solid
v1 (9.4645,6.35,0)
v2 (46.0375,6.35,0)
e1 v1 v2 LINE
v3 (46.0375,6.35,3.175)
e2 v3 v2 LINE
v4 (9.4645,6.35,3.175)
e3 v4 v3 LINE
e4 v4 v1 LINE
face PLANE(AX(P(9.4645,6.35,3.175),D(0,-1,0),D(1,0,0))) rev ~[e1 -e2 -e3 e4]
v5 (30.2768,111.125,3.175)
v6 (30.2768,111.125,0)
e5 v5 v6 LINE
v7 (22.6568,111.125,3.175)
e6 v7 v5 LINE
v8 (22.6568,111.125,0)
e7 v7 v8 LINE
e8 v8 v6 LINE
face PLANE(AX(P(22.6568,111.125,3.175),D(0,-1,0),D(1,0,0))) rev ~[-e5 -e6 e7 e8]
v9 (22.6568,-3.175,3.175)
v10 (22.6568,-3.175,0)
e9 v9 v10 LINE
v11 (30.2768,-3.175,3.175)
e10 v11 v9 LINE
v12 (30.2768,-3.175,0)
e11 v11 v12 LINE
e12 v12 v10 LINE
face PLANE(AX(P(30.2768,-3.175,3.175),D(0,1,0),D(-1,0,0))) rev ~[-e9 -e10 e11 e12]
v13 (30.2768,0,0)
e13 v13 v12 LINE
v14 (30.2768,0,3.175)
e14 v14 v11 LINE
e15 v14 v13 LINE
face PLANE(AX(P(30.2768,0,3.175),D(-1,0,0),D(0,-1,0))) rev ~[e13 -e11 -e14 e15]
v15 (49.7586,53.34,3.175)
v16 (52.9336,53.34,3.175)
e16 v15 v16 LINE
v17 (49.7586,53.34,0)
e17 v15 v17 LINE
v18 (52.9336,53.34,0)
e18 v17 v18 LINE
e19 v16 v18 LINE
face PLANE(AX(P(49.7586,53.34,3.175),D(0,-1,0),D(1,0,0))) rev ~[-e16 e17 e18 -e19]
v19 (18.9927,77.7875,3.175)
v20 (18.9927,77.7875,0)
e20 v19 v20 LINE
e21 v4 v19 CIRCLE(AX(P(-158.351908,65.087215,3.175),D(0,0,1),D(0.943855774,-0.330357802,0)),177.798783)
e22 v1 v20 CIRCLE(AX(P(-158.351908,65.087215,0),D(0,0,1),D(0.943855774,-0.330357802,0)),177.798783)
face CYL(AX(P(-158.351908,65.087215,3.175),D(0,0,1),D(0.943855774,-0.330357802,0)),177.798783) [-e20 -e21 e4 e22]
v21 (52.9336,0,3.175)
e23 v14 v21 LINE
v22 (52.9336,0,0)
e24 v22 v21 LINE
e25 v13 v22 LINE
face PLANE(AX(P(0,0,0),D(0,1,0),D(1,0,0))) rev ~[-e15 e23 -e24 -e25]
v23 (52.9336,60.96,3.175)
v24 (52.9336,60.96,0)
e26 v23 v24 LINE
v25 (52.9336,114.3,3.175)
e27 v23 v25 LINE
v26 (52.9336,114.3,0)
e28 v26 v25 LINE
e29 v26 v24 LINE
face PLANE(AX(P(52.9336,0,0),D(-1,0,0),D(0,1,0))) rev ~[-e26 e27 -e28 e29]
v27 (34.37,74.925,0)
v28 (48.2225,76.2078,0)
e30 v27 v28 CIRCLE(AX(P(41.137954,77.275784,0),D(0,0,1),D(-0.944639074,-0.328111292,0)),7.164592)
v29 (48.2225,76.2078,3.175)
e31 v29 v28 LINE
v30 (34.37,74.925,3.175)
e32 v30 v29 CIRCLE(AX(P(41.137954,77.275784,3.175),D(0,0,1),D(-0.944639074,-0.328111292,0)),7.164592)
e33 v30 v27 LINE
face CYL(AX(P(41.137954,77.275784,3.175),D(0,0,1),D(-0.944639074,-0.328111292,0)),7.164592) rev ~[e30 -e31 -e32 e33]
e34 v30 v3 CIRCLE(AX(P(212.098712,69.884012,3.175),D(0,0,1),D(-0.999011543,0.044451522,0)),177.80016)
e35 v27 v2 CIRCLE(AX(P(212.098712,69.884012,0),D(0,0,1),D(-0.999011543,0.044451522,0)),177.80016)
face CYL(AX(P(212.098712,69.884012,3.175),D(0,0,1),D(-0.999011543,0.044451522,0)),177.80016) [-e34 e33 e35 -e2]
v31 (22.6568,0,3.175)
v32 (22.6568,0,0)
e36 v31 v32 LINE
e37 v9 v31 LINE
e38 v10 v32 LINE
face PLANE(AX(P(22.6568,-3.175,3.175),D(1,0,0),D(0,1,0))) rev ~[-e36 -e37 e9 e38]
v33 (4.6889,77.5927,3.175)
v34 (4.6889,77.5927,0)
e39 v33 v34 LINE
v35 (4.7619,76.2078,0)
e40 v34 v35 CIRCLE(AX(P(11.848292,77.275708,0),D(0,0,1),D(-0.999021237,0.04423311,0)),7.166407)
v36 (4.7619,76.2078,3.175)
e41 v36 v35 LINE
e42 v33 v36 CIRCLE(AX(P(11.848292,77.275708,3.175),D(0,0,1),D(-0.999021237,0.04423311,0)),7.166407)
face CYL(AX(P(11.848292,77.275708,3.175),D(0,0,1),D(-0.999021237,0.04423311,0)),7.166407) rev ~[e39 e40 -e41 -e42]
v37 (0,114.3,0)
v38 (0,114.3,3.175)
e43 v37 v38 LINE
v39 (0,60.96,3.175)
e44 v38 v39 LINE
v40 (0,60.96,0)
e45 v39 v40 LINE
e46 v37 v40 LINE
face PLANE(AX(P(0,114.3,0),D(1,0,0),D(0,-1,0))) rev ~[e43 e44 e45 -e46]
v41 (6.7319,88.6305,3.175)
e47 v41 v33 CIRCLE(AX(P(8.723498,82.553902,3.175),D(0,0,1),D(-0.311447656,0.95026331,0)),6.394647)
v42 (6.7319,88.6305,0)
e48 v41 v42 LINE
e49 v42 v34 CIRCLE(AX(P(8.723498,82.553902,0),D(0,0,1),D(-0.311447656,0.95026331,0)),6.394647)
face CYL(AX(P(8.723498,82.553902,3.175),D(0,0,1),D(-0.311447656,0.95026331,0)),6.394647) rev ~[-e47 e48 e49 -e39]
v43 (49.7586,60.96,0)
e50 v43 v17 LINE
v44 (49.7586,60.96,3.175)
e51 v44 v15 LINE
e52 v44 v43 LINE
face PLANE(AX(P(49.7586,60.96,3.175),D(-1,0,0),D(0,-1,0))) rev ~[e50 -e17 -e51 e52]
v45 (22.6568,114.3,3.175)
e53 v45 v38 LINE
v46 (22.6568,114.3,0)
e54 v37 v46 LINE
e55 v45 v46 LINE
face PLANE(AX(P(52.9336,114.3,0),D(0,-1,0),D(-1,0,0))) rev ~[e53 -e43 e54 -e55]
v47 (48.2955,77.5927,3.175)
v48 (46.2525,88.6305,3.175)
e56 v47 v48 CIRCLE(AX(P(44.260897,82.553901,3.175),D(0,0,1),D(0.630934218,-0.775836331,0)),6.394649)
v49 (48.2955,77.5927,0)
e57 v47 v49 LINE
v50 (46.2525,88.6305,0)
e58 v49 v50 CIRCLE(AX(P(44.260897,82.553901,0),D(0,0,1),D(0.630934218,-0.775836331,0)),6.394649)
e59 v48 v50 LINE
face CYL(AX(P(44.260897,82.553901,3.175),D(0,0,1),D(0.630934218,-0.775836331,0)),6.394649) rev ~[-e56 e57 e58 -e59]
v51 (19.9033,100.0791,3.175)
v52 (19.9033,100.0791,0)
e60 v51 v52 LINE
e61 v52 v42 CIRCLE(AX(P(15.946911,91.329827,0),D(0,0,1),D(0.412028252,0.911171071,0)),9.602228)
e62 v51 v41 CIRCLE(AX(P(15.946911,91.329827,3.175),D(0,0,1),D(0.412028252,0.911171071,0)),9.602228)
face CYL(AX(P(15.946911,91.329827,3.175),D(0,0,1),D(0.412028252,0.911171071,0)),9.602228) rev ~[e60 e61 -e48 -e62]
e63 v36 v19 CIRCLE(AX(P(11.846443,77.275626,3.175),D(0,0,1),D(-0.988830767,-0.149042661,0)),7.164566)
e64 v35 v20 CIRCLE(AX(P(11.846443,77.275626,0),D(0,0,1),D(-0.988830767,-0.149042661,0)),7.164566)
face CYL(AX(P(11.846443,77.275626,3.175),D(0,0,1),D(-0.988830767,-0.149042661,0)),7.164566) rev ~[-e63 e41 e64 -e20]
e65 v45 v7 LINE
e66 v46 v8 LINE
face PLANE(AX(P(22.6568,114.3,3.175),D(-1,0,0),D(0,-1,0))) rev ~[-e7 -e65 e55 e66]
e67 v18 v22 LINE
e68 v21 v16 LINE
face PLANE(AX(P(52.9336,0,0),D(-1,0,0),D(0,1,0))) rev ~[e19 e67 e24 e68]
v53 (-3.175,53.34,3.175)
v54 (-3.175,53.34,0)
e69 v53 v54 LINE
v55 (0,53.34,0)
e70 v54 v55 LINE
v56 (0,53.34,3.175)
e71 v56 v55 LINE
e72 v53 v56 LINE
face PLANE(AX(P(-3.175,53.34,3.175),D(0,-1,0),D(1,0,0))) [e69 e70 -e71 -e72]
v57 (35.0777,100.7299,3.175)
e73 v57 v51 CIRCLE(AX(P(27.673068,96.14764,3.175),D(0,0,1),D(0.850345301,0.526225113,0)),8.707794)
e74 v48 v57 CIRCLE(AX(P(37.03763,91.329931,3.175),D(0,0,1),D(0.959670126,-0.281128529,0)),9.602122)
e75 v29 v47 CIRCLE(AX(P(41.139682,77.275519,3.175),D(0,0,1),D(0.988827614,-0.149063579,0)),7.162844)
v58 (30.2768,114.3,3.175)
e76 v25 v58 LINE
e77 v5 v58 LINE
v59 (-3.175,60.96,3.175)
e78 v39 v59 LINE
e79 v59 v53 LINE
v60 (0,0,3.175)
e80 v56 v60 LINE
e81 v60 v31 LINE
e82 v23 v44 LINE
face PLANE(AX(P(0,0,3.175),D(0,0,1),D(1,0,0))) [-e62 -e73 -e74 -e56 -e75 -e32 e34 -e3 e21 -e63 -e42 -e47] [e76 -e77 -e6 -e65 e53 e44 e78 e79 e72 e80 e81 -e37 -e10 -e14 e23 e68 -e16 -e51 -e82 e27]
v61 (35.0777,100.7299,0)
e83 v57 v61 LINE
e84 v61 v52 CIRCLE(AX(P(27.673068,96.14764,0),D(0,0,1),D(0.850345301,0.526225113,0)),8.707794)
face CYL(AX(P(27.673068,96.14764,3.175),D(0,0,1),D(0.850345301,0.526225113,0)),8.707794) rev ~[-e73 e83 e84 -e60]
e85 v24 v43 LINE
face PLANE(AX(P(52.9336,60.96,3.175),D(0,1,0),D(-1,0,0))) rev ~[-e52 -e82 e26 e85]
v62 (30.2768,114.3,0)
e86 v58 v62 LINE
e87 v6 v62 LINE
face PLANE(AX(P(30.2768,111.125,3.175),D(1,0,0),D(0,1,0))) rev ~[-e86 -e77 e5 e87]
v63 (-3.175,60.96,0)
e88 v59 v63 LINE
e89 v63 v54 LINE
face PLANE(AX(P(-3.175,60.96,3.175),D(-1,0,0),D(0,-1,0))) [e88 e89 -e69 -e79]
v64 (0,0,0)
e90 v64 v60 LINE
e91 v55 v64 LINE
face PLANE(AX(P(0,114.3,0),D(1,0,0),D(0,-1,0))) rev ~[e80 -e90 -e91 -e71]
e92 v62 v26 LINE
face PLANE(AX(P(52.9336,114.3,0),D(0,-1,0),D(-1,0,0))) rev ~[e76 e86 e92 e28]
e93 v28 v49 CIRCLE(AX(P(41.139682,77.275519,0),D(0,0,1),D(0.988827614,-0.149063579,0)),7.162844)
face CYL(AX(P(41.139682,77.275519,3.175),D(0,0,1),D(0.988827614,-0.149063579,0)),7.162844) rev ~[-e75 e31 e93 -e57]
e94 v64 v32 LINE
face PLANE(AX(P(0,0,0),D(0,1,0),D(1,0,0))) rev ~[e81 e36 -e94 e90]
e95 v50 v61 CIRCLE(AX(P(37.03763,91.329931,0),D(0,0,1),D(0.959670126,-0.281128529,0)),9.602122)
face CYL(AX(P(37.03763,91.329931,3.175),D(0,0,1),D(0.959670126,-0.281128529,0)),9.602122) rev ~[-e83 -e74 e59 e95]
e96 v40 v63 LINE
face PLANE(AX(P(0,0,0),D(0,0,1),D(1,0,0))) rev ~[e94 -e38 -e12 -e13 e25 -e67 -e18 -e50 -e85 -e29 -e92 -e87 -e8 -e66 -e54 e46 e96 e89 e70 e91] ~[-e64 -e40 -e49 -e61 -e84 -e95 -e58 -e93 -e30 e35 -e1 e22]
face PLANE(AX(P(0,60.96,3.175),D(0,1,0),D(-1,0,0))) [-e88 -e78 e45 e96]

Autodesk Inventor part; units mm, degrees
ref_plane "YZ Plane" through (0, 0, 0) normal (1, 0, 0) x (0, 1, 0)
ref_plane "XZ Plane" through (0, 0, 0) normal (0, 1, 0) x (-1, 0, 0)
ref_plane "XY Plane" through (0, 0, 0) normal (0, 0, 1) x (1, 0, 0)
sketch "Sketch1" plane through (0, 0, 0) normal (0, 0, 1) x (1, 0, 0)
  line L0 (0, 0) -> (52.9336, 0)
  line L1 (52.9336, 0) -> (52.9336, 114.3)
  line L2 (52.9336, 114.3) -> (0, 114.3)
  line L3 (0, 114.3) -> (0, 0)
  dimension "d0" = 114.3
  dimension "d1" = 52.9336
extrude "Extrusion1" add sketch "Sketch1" along normal blind 3.175
sketch "Sketch2" plane through (0, 0, 3.175) normal (0, 0, 1) x (1, 0, 0)
  line L0 (0, 114.3) -> (0, 0) projected
  line L1 (52.9336, 0) -> (52.9336, 114.3) projected
  line L2 (0, 60.96) -> (-3.175, 60.96)
  line L3 (-3.175, 60.96) -> (-3.175, 53.34)
  line L4 (-3.175, 53.34) -> (0, 53.34)
  line L5 (0, 53.34) -> (0, 60.96)
  line L6 (52.9336, 60.96) -> (49.7586, 60.96)
  line L7 (49.7586, 60.96) -> (49.7586, 53.34)
  line L8 (49.7586, 53.34) -> (52.9336, 53.34)
  line L9 (52.9336, 53.34) -> (52.9336, 60.96)
  line L10 (52.9336, 114.3) -> (0, 114.3) projected
  line L11 (0, 0) -> (52.9336, 0) projected
  line L12 (30.2768, 114.3) -> (22.6568, 114.3)
  line L13 (30.2768, 0) -> (30.2768, -3.175)
  line L14 (30.2768, -3.175) -> (22.6568, -3.175)
  line L15 (22.6568, -3.175) -> (22.6568, 0)
  line L16 (22.6568, 0) -> (30.2768, 0)
  line L17 (22.6568, 114.3) -> (22.6568, 111.125)
  line L18 (22.6568, 111.125) -> (30.2768, 111.125)
  line L19 (30.2768, 111.125) -> (30.2768, 114.3)
  point P0 (0, 57.15)
  point P1 (52.9336, 57.15)
  point P2 (26.4668, 114.3)
  point P3 (26.4668, 0)
  dimension "d4" = 3.81
  dimension "d5" = 7.62
  dimension "d6" = 3.175
  dimension "d7" = 3.81
  dimension "d8" = 7.62
  dimension "d9" = 3.175
  dimension "d13" = 7.62
  dimension "d14" = 3.81
  dimension "d15" = 3.175
  dimension "d20" = 7.62
  dimension "d21" = 3.81
  dimension "d22" = 3.175
extrude "Extrusion2" add sketch "Sketch2" against normal blind 3.175 contours L0 L4 L3 L2 | L10 L19 L18 L17 | L11 L13 L14 L15 | L1 L8 L7 L6
extrude "Extrusion3" cut sketch "Sketch2" against normal blind 3.175 contours L10 L19 L18 L17 | L1 L8 L7 L6
sketch "Sketch3" plane through (0, 0, 3.175) normal (0, 0, 1) x (1, 0, 0)
  line L0 (0, 60.96) -> (0, 114.3)
  line L1 (22.6568, 114.3) -> (0, 114.3) projected
  line L2 (0, 114.3) -> (22.6568, 114.3)
  line L3 (22.6568, 114.3) -> (22.6568, 111.125)
  line L4 (22.6568, 111.125) -> (30.2768, 111.125)
  line L5 (30.2768, 111.125) -> (22.6568, 111.125) projected
  line L6 (30.2768, 111.125) -> (30.2768, 114.3)
  line L7 (30.2768, 114.3) -> (52.9336, 114.3)
  line L8 (52.9336, 114.3) -> (52.9336, 60.96)
  line L9 (52.9336, 60.96) -> (52.9336, 114.3) projected
  line L10 (52.9336, 60.96) -> (49.7586, 60.96)
  line L11 (49.7586, 60.96) -> (49.7586, 53.34)
  line L12 (49.7586, 60.96) -> (49.7586, 53.34) projected
  line L13 (49.7586, 53.34) -> (52.9336, 53.34)
  line L14 (52.9336, 53.34) -> (52.9336, 0)
  line L15 (52.9336, 0) -> (52.9336, 53.34) projected
  line L16 (52.9336, 0) -> (30.2768, 0)
  line L17 (0, 0) -> (22.6568, 0) projected
  line L18 (30.2768, 0) -> (30.2768, -3.175)
  line L19 (30.2768, -3.175) -> (22.6568, -3.175)
  line L20 (22.6568, -3.175) -> (30.2768, -3.175) projected
  line L21 (22.6568, -3.175) -> (22.6568, 0)
  line L22 (22.6568, 0) -> (0, 0)
  line L23 (0, 0) -> (0, 53.34)
  line L24 (0, 53.34) -> (0, 0) projected
  line L25 (0, 53.34) -> (-3.175, 53.34)
  line L26 (-3.175, 53.34) -> (-3.175, 60.96)
  line L27 (-3.175, 60.96) -> (-3.175, 53.34) projected
  line L28 (-3.175, 60.96) -> (0, 60.96)
sketch "Sketch4" plane through (0, 0, 3.175) normal (0, 0, 1) x (1, 0, 0)
  arc A0 (9.4645, 6.35) -> (18.9927, 77.7875) centre (-158.3531, 65.0875) ccw
  arc A1 (34.4743, 77.7875) -> (46.0375, 6.35) centre (212.0985, 69.884) ccw
  line L0 (0, 0) -> (22.6568, 0) projected
  line L1 (30.2768, 0) -> (52.9336, 0) projected
  line L2 (9.4645, 6.35) -> (46.0375, 6.35)
  arc A2 (4.7619, 76.2078) -> (18.9927, 77.7875) centre (11.8465, 77.2757) ccw
  arc A3 (6.7319, 88.6305) -> (4.6889, 77.5927) centre (8.7235, 82.5539) ccw
  arc A4 (4.6889, 77.5927) -> (4.7619, 76.2078) centre (11.8465, 77.2757) ccw
  arc A5 (19.9033, 100.0791) -> (6.7319, 88.6305) centre (15.9469, 91.3299) ccw
  line L3 (26.4922, 114.3) -> (26.4922, 47.625) construction
  line L4 (52.9336, 60.96) -> (52.9336, 114.3) projected
  arc A6 (34.37, 74.925) -> (48.2225, 76.2078) centre (41.1379, 77.2757) ccw
  arc A7 (48.2955, 77.5927) -> (46.2525, 88.6305) centre (44.2609, 82.5539) ccw
  arc A8 (48.2225, 76.2078) -> (48.2955, 77.5927) centre (41.1379, 77.2757) ccw
  arc A9 (46.2525, 88.6305) -> (35.0777, 100.7299) centre (37.0375, 91.3299) ccw
  arc A10 (35.0777, 100.7299) -> (19.9033, 100.0791) centre (27.6731, 96.1477) ccw
  point P0 (21.8385, 98.9122)
  point P1 (33.9917, 77.7875)
  point P2 (31.1459, 98.9122)
  dimension "d23" = 71.4375
  dimension "d24" = 6.35
  dimension "d25" = 177.8
  dimension "d26" = 6.35
  dimension "d28" = 177.8
  dimension "d29" = 26.4414
  dimension "d30" = 71.4375
extrude "Extrusion4" cut sketch "Sketch4" against normal blind 25.4
properties part number "Birdhouse Wall" material "Wood (Birch)"
